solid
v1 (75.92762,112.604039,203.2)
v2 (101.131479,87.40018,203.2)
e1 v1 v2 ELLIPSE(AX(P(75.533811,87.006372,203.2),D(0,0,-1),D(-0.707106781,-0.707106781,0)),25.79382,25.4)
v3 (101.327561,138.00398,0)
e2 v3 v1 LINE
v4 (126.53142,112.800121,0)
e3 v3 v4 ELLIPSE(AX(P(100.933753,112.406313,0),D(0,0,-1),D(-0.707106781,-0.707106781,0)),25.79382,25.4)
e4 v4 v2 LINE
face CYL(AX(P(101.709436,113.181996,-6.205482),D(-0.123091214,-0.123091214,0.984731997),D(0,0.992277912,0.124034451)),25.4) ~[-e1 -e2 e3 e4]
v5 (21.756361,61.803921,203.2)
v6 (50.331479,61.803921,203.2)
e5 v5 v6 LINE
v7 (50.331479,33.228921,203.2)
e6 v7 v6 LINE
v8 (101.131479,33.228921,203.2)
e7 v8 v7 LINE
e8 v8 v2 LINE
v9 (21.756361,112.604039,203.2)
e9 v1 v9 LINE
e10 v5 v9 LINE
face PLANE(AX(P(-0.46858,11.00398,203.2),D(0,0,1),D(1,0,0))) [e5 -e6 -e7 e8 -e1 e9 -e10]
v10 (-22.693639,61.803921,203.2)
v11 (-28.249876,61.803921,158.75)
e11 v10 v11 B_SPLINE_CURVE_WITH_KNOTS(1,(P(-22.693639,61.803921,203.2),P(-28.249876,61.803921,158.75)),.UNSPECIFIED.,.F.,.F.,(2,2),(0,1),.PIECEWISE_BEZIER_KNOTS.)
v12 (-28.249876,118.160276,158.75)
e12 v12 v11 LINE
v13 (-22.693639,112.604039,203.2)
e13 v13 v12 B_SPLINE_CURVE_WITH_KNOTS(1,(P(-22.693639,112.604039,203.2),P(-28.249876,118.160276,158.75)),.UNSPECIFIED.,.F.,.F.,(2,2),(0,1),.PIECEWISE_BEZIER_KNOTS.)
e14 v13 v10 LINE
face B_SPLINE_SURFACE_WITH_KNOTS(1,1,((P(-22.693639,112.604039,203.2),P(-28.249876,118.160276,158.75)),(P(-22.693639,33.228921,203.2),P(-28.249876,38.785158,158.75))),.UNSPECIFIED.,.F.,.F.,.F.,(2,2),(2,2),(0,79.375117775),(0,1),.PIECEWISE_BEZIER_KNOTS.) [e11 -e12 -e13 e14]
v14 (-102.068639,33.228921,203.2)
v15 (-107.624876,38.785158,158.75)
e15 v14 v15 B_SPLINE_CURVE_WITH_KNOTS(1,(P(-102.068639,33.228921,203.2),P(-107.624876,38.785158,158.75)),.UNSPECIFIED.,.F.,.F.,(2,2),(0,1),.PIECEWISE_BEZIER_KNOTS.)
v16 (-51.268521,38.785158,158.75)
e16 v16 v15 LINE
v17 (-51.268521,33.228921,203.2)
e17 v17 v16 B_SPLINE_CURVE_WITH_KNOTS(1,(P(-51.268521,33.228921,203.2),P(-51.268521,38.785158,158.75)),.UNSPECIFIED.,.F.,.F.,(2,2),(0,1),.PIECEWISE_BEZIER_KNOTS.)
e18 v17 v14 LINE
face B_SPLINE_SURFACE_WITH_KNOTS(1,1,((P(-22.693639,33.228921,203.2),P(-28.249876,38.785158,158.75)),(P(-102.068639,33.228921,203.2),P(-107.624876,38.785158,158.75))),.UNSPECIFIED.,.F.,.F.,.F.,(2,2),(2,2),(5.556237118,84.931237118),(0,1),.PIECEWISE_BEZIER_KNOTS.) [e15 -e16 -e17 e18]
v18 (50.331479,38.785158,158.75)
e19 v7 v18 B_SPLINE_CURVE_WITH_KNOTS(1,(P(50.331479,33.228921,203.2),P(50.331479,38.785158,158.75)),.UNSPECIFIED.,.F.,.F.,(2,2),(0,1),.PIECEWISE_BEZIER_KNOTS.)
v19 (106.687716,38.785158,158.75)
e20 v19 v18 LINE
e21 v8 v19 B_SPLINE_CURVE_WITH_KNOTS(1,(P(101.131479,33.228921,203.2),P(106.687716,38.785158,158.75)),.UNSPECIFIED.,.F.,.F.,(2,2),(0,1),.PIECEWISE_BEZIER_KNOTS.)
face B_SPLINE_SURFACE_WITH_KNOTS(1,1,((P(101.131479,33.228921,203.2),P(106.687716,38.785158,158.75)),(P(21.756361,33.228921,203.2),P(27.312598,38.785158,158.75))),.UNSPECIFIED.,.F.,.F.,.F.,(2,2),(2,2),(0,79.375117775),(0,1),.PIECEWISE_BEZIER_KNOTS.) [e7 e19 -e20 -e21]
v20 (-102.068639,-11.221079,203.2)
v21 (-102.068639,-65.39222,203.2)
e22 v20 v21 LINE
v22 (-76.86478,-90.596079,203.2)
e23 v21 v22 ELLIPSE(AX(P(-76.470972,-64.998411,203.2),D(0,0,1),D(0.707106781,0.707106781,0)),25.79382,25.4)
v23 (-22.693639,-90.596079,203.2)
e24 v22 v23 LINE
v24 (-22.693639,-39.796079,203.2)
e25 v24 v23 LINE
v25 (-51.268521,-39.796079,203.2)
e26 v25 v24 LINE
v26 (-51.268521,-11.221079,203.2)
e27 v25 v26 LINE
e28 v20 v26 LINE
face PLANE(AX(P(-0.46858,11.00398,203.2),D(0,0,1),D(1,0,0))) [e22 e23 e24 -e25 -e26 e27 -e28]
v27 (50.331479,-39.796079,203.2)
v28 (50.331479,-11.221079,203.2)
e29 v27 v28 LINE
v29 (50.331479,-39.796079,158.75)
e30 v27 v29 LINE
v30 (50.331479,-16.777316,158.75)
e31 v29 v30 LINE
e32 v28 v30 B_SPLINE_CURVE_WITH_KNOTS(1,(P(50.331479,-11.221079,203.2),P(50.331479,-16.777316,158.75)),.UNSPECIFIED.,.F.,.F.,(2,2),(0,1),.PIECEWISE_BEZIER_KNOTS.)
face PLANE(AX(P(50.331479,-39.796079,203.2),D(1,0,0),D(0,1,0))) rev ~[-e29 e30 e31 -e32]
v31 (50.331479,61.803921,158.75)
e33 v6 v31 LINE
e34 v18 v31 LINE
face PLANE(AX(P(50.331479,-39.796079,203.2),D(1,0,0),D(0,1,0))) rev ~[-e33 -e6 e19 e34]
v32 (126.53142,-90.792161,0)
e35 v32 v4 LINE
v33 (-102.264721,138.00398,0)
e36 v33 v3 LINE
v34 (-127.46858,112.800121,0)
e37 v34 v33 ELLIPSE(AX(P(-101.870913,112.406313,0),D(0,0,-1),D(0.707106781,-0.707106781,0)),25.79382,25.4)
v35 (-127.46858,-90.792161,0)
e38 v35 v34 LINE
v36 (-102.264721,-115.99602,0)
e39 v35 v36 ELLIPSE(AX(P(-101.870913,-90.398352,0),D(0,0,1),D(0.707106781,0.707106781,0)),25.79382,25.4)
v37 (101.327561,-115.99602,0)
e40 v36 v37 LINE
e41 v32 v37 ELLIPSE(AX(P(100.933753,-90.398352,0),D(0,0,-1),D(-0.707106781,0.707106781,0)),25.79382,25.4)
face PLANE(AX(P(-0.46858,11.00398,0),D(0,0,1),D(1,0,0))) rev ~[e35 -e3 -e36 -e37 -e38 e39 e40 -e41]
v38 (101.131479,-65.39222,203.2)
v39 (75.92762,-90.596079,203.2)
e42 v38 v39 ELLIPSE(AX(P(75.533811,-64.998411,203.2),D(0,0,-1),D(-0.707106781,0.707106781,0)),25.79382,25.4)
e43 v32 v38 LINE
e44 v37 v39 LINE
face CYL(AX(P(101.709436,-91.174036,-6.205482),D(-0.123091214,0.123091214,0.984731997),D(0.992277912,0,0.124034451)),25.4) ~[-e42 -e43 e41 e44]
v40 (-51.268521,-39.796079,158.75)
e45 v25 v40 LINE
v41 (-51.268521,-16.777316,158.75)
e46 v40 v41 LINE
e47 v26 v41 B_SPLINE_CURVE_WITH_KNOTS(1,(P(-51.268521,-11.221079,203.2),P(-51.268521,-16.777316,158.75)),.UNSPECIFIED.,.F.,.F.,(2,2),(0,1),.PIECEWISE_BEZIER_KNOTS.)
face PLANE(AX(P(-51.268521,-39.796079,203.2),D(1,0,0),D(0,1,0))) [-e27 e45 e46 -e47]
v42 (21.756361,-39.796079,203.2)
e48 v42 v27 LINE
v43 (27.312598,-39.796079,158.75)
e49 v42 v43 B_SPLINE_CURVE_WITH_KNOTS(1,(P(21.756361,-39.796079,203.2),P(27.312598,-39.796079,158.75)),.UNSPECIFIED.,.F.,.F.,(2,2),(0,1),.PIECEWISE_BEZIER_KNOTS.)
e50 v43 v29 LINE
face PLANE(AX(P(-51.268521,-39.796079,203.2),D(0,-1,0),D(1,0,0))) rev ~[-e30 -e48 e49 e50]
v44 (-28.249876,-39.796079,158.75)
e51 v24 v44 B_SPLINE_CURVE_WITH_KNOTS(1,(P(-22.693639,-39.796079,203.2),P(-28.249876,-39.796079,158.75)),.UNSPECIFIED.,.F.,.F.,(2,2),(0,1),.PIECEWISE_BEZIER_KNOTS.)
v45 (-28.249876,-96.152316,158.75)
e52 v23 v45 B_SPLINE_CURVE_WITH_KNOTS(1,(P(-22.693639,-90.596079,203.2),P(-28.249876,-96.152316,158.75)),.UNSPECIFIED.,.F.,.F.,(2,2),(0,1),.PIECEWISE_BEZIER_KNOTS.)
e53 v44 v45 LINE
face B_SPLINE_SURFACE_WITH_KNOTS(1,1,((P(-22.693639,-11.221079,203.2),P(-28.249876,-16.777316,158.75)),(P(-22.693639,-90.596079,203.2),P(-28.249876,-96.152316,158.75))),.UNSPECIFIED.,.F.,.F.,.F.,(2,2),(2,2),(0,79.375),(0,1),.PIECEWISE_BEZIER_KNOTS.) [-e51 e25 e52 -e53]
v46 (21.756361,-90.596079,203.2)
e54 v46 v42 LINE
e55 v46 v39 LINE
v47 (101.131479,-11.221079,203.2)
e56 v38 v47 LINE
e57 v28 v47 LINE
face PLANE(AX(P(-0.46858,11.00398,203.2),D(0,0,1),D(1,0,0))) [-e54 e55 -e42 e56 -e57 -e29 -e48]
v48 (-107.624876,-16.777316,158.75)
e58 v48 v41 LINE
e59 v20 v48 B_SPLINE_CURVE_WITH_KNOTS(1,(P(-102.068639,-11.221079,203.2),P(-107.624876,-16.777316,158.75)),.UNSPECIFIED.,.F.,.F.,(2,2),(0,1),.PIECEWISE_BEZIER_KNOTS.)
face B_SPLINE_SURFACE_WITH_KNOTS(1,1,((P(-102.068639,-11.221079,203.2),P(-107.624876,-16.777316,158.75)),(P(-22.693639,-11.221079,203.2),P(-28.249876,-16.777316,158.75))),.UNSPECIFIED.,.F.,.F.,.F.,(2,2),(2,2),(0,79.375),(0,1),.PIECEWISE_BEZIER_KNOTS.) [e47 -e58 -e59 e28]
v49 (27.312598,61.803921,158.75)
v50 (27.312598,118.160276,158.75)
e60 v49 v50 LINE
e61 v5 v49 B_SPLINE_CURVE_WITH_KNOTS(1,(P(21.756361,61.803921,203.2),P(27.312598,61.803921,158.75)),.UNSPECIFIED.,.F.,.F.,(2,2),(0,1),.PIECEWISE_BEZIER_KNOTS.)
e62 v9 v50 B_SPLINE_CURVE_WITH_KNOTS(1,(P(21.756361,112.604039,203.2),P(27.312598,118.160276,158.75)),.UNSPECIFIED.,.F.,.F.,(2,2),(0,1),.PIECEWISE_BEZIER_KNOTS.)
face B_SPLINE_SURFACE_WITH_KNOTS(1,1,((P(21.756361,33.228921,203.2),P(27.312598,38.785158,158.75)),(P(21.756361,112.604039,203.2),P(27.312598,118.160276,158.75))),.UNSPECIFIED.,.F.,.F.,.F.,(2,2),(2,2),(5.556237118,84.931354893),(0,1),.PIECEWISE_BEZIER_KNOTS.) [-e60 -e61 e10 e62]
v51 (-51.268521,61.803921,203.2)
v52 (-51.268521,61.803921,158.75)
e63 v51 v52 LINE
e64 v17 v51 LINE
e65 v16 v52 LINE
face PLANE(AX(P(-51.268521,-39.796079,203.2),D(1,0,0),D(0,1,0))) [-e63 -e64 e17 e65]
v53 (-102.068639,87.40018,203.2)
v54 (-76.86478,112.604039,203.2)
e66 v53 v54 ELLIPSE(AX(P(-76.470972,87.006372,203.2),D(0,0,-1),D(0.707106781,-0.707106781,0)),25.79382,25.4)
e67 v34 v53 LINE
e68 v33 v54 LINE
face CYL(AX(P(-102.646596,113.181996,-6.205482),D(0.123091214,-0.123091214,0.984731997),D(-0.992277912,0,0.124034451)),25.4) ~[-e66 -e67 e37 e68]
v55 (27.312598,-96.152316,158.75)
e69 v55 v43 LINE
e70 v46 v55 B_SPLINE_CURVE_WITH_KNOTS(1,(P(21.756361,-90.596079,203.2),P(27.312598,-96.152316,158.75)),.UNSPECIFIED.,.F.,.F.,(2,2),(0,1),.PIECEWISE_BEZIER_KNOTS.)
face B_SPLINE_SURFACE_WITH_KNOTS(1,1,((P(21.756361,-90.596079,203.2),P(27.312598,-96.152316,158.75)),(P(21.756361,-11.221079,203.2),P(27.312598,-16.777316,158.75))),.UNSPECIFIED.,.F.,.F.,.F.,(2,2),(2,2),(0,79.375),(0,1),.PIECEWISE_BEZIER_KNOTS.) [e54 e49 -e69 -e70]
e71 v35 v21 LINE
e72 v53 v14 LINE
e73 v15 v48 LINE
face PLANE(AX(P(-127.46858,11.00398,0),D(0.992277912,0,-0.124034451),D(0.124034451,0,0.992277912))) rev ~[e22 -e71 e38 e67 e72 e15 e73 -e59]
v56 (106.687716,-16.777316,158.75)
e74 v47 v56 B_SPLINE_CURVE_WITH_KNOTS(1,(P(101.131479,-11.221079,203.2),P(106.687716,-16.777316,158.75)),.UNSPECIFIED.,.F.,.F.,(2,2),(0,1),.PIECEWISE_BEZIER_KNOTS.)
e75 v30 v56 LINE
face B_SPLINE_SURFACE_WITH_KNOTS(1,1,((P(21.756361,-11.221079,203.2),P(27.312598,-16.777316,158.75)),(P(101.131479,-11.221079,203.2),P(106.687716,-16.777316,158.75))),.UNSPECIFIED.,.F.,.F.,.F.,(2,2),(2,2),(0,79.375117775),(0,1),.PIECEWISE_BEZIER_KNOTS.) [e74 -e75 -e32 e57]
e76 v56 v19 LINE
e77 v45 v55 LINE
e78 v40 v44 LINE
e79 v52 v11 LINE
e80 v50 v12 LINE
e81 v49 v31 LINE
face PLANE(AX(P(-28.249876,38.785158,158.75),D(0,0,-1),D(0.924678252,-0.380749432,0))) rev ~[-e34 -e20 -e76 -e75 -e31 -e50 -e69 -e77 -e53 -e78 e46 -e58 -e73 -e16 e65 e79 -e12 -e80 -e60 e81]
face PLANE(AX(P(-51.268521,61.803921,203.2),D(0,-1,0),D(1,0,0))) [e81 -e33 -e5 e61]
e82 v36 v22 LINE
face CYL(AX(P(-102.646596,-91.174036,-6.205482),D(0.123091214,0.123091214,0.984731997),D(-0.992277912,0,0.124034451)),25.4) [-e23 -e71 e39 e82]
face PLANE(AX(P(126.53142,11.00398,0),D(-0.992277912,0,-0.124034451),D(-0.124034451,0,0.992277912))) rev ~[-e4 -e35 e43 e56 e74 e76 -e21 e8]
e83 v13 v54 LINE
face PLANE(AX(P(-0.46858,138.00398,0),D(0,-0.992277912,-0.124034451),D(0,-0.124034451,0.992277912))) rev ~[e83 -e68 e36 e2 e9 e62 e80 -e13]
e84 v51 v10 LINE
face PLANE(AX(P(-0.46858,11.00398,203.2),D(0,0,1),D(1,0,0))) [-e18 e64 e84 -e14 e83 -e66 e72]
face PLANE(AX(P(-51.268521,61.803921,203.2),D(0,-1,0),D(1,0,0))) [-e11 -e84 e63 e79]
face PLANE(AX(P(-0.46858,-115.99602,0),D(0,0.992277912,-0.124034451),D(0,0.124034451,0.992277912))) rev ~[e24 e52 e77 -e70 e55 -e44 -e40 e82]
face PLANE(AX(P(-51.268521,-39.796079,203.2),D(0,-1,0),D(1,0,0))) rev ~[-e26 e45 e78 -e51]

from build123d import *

# Parameters (mm, degrees)
F0_W     = 254
F0_H     = 254
F1_DEPTH = 203.2
F1_TAPER = 7.125
F2_R     = 25.4
F4_DEPTH = 44.45
F4_TAPER = -7.125
F5_W     = 101.6
F5_H     = 101.6
F6_DEPTH = 44.45


with BuildPart() as f1:
    # F0 (on Top) → F1 (new body)
    with BuildSketch(Plane.XY):
        with Locations((-0.4685800523, 11.0039802372)):
            Rectangle(F0_W, F0_H)
    extrude(amount=F1_DEPTH, taper=F1_TAPER)

    # F2
    f2_edges = [f1.edges().sort_by_distance(p)[0] for p in [
        (-114.768609, -103.296049, 101.6),
        (113.831449, -103.296049, 101.6),
        (113.831449, 125.304009, 101.600004),
        (-114.768609, 125.30401, 101.6),
    ]]
    fillet(f2_edges, radius=F2_R)

    # F3 (on face) → F4 (cut)
    with BuildSketch(Plane.XY.offset(203.2)):
        Polygon((-22.6936389397, 33.2289213498), (-102.0686389397, 33.2289213498), (-102.0686389397, -11.2210786502), (-22.6936389397, -11.2210786502), (-22.6936389397, -90.5960786502), (21.7563610603, -90.5960786502), (21.7563610603, -11.2210786502), (101.1314788352, -11.2210786502), (101.1314788352, 33.2289213498), (21.7563610603, 33.2289213498), (21.7563610603, 112.6040391247), (-22.6936389397, 112.6040391247), align=None)
    extrude(amount=-F4_DEPTH, taper=F4_TAPER, mode=Mode.SUBTRACT)

    # F5 (on face) → F6 (cut)
    with BuildSketch(Plane.XY.offset(203.2)):
        with Locations((-0.4685211648, 11.0039213498)):
            Rectangle(F5_W, F5_H)
    extrude(amount=-F6_DEPTH, mode=Mode.SUBTRACT)


solid = f1.part
